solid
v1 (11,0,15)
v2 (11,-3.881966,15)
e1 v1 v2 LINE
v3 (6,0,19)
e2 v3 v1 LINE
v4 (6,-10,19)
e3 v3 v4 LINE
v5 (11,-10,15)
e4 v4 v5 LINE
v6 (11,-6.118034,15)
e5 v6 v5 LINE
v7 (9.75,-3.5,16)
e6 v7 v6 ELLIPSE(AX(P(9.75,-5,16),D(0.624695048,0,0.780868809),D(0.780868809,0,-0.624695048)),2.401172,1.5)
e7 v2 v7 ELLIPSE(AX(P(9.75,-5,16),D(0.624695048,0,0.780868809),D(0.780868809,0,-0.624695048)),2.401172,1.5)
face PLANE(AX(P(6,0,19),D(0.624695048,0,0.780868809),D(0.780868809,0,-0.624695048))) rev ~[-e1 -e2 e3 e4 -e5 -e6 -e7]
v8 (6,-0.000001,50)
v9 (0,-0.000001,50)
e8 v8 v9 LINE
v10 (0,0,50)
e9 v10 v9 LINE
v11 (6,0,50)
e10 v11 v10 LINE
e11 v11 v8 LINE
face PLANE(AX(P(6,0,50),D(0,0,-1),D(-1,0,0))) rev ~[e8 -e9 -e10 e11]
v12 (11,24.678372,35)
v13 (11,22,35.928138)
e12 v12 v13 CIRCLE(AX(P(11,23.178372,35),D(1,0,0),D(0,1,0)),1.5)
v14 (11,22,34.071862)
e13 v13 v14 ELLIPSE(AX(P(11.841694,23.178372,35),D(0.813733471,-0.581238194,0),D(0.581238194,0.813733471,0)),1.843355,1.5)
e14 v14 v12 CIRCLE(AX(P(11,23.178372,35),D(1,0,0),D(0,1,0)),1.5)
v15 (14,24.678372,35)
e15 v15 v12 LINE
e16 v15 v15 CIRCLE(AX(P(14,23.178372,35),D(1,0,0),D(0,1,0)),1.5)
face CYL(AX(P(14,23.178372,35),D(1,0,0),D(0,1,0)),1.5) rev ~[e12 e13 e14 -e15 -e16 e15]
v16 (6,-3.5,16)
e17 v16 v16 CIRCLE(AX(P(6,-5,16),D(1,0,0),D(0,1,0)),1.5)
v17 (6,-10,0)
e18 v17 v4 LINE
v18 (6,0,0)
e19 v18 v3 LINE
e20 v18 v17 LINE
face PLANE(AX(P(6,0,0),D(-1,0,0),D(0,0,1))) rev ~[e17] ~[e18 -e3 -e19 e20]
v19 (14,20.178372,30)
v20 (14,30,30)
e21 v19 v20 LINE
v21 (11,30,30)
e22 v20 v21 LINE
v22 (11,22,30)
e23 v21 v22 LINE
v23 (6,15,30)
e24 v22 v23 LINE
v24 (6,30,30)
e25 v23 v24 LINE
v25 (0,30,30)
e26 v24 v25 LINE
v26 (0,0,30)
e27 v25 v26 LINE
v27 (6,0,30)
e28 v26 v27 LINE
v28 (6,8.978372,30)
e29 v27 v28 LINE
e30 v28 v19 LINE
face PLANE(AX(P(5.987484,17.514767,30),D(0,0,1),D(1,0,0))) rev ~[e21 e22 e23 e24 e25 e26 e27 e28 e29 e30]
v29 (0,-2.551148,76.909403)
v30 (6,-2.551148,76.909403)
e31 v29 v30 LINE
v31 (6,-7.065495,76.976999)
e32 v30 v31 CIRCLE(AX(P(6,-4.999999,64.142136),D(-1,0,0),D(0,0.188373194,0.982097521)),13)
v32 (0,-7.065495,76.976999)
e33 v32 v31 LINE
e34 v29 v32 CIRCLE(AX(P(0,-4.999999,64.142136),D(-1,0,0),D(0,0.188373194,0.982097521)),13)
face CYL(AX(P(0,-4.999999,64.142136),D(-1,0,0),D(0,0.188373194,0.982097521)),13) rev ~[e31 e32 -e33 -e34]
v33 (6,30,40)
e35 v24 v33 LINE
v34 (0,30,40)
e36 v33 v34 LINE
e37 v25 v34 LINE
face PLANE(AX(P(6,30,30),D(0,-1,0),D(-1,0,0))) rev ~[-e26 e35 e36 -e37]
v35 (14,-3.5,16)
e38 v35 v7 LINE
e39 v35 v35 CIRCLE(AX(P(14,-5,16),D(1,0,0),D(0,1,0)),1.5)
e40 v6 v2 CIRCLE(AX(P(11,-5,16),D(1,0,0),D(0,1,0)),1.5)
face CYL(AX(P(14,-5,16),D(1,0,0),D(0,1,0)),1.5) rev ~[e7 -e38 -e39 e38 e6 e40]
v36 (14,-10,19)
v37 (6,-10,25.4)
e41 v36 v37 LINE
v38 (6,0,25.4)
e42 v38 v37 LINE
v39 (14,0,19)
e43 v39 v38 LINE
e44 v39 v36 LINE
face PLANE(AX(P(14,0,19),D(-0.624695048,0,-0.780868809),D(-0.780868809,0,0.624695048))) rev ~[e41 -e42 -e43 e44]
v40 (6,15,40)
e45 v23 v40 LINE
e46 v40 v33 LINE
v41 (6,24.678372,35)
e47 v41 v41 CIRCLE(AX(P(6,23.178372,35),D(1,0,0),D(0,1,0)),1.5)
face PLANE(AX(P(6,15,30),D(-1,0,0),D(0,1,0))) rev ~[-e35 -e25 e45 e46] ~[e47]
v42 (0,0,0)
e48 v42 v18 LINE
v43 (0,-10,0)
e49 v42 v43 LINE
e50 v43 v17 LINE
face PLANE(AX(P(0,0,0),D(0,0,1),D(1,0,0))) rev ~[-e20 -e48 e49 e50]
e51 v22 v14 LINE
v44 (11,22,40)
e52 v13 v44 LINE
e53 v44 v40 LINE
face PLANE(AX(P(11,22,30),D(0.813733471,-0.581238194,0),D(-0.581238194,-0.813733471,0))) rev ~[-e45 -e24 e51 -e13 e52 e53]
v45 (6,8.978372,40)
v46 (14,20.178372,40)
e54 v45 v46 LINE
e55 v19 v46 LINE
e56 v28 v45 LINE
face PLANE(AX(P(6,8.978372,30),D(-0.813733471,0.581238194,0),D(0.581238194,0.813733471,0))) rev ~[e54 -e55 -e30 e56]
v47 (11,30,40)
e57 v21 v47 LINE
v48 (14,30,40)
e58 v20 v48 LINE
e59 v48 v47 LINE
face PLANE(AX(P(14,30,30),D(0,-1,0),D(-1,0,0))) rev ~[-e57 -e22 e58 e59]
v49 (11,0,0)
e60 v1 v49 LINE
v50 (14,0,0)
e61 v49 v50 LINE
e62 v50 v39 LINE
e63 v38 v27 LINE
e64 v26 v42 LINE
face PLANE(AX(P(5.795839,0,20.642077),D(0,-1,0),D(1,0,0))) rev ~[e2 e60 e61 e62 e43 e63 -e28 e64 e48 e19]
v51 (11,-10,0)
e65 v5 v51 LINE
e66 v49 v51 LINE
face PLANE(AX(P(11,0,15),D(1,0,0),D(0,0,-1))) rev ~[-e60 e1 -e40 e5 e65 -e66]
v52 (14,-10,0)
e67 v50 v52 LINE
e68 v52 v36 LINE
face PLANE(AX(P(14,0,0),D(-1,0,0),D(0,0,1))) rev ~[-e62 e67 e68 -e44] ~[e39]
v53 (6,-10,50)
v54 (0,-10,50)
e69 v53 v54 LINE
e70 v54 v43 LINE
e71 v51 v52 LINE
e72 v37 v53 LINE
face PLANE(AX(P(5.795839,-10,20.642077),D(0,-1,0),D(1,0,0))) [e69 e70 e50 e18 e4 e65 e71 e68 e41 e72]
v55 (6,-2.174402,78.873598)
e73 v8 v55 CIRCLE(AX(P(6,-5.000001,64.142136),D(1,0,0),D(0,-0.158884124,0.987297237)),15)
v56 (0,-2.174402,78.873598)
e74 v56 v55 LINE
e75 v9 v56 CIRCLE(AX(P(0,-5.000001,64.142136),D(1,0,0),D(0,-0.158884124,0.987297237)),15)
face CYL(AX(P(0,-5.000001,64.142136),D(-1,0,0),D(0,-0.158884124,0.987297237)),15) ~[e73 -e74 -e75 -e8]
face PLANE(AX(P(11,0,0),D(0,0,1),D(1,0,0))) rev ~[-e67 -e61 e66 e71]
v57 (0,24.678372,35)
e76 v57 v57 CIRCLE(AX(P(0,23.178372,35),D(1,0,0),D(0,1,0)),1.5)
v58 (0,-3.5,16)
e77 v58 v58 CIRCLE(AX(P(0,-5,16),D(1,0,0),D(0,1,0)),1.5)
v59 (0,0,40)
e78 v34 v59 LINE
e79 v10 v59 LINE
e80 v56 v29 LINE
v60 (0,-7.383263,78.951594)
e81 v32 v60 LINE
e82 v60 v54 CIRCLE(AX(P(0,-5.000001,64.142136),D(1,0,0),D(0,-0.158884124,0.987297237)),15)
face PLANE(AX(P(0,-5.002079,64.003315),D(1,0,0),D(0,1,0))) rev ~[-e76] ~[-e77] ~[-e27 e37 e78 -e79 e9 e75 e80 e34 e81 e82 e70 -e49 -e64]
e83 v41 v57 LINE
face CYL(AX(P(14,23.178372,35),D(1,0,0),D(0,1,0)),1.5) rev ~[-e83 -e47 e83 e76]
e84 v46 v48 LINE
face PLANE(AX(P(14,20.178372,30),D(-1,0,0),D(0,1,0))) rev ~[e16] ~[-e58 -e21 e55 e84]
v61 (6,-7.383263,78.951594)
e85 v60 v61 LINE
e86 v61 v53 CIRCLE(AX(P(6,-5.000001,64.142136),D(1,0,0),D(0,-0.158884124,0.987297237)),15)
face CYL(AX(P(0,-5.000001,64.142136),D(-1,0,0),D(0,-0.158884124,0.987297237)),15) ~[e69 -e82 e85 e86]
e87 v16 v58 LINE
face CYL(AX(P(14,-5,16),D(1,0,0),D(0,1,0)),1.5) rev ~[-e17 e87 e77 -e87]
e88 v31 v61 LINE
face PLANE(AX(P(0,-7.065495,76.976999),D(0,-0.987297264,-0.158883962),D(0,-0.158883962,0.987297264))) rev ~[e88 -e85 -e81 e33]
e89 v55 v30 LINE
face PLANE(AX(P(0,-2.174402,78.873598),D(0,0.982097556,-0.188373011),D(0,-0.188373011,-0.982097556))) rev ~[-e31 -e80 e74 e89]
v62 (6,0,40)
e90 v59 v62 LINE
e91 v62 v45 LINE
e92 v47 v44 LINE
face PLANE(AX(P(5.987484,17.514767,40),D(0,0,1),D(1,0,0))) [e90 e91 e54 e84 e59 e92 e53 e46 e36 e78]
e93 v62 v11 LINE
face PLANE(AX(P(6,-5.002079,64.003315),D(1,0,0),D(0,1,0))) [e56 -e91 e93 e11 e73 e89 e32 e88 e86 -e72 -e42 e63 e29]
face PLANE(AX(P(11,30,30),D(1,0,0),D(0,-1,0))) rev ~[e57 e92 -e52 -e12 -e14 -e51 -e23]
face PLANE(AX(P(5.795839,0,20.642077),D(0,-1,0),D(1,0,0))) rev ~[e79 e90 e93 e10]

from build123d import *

# Parameters (mm, degrees)
F1_DEPTH  = 10
F2_R      = 1.5
F3_DEPTH  = 25
F6_DEPTH  = 10
F7_R      = 1.5
F8_DEPTH  = 25
F10_DEPTH = 6


with BuildPart() as f1:
    # F0 (on Front) → F1 (new body)
    with BuildSketch(Plane.XZ):
        Polygon((0, 50), (0, 0), (6, 0), (6, 19), (11, 15), (11, 0), (14, 0), (14, 19), (6, 25.4), (6, 50), align=None)
    extrude(amount=F1_DEPTH)

    # F2 (on face) → F3 (cut)
    with BuildSketch(Plane.YZ.offset(14)):
        with Locations((-5, 16)):
            Circle(F2_R)
    extrude(amount=-F3_DEPTH, mode=Mode.SUBTRACT)

    # F5 (on offset) → F6 (join)
    with BuildSketch(Plane.XY.offset(30)):
        Polygon((0, 0), (6, 0), (6, 8.978372), (14, 20.178372), (14, 30), (11, 30), (11, 22), (6, 15), (6, 30), (0, 30), align=None)
    extrude(amount=F6_DEPTH)

    # F7 (on face) → F8 (cut)
    with BuildSketch(Plane.YZ.offset(14)):
        with Locations((23.178372, 35)):
            Circle(F7_R)
    extrude(amount=-F8_DEPTH, mode=Mode.SUBTRACT)

    # F9 (on Right) → F10 (join)
    with BuildSketch(Plane.YZ):
        with BuildLine():
            Line((-7.065495, 76.976999), (-7.383263, 78.951594))
            ThreePointArc((-7.383263, 78.951594), (-5.224579, 49.143817), (-2.174402, 78.873598))
            Line((-2.174402, 78.873598), (-2.551148, 76.909403))
            ThreePointArc((-2.551148, 76.909403), (-5.194635, 51.143593), (-7.065495, 76.976999))
        make_face()
    extrude(amount=F10_DEPTH)


solid = f1.part
